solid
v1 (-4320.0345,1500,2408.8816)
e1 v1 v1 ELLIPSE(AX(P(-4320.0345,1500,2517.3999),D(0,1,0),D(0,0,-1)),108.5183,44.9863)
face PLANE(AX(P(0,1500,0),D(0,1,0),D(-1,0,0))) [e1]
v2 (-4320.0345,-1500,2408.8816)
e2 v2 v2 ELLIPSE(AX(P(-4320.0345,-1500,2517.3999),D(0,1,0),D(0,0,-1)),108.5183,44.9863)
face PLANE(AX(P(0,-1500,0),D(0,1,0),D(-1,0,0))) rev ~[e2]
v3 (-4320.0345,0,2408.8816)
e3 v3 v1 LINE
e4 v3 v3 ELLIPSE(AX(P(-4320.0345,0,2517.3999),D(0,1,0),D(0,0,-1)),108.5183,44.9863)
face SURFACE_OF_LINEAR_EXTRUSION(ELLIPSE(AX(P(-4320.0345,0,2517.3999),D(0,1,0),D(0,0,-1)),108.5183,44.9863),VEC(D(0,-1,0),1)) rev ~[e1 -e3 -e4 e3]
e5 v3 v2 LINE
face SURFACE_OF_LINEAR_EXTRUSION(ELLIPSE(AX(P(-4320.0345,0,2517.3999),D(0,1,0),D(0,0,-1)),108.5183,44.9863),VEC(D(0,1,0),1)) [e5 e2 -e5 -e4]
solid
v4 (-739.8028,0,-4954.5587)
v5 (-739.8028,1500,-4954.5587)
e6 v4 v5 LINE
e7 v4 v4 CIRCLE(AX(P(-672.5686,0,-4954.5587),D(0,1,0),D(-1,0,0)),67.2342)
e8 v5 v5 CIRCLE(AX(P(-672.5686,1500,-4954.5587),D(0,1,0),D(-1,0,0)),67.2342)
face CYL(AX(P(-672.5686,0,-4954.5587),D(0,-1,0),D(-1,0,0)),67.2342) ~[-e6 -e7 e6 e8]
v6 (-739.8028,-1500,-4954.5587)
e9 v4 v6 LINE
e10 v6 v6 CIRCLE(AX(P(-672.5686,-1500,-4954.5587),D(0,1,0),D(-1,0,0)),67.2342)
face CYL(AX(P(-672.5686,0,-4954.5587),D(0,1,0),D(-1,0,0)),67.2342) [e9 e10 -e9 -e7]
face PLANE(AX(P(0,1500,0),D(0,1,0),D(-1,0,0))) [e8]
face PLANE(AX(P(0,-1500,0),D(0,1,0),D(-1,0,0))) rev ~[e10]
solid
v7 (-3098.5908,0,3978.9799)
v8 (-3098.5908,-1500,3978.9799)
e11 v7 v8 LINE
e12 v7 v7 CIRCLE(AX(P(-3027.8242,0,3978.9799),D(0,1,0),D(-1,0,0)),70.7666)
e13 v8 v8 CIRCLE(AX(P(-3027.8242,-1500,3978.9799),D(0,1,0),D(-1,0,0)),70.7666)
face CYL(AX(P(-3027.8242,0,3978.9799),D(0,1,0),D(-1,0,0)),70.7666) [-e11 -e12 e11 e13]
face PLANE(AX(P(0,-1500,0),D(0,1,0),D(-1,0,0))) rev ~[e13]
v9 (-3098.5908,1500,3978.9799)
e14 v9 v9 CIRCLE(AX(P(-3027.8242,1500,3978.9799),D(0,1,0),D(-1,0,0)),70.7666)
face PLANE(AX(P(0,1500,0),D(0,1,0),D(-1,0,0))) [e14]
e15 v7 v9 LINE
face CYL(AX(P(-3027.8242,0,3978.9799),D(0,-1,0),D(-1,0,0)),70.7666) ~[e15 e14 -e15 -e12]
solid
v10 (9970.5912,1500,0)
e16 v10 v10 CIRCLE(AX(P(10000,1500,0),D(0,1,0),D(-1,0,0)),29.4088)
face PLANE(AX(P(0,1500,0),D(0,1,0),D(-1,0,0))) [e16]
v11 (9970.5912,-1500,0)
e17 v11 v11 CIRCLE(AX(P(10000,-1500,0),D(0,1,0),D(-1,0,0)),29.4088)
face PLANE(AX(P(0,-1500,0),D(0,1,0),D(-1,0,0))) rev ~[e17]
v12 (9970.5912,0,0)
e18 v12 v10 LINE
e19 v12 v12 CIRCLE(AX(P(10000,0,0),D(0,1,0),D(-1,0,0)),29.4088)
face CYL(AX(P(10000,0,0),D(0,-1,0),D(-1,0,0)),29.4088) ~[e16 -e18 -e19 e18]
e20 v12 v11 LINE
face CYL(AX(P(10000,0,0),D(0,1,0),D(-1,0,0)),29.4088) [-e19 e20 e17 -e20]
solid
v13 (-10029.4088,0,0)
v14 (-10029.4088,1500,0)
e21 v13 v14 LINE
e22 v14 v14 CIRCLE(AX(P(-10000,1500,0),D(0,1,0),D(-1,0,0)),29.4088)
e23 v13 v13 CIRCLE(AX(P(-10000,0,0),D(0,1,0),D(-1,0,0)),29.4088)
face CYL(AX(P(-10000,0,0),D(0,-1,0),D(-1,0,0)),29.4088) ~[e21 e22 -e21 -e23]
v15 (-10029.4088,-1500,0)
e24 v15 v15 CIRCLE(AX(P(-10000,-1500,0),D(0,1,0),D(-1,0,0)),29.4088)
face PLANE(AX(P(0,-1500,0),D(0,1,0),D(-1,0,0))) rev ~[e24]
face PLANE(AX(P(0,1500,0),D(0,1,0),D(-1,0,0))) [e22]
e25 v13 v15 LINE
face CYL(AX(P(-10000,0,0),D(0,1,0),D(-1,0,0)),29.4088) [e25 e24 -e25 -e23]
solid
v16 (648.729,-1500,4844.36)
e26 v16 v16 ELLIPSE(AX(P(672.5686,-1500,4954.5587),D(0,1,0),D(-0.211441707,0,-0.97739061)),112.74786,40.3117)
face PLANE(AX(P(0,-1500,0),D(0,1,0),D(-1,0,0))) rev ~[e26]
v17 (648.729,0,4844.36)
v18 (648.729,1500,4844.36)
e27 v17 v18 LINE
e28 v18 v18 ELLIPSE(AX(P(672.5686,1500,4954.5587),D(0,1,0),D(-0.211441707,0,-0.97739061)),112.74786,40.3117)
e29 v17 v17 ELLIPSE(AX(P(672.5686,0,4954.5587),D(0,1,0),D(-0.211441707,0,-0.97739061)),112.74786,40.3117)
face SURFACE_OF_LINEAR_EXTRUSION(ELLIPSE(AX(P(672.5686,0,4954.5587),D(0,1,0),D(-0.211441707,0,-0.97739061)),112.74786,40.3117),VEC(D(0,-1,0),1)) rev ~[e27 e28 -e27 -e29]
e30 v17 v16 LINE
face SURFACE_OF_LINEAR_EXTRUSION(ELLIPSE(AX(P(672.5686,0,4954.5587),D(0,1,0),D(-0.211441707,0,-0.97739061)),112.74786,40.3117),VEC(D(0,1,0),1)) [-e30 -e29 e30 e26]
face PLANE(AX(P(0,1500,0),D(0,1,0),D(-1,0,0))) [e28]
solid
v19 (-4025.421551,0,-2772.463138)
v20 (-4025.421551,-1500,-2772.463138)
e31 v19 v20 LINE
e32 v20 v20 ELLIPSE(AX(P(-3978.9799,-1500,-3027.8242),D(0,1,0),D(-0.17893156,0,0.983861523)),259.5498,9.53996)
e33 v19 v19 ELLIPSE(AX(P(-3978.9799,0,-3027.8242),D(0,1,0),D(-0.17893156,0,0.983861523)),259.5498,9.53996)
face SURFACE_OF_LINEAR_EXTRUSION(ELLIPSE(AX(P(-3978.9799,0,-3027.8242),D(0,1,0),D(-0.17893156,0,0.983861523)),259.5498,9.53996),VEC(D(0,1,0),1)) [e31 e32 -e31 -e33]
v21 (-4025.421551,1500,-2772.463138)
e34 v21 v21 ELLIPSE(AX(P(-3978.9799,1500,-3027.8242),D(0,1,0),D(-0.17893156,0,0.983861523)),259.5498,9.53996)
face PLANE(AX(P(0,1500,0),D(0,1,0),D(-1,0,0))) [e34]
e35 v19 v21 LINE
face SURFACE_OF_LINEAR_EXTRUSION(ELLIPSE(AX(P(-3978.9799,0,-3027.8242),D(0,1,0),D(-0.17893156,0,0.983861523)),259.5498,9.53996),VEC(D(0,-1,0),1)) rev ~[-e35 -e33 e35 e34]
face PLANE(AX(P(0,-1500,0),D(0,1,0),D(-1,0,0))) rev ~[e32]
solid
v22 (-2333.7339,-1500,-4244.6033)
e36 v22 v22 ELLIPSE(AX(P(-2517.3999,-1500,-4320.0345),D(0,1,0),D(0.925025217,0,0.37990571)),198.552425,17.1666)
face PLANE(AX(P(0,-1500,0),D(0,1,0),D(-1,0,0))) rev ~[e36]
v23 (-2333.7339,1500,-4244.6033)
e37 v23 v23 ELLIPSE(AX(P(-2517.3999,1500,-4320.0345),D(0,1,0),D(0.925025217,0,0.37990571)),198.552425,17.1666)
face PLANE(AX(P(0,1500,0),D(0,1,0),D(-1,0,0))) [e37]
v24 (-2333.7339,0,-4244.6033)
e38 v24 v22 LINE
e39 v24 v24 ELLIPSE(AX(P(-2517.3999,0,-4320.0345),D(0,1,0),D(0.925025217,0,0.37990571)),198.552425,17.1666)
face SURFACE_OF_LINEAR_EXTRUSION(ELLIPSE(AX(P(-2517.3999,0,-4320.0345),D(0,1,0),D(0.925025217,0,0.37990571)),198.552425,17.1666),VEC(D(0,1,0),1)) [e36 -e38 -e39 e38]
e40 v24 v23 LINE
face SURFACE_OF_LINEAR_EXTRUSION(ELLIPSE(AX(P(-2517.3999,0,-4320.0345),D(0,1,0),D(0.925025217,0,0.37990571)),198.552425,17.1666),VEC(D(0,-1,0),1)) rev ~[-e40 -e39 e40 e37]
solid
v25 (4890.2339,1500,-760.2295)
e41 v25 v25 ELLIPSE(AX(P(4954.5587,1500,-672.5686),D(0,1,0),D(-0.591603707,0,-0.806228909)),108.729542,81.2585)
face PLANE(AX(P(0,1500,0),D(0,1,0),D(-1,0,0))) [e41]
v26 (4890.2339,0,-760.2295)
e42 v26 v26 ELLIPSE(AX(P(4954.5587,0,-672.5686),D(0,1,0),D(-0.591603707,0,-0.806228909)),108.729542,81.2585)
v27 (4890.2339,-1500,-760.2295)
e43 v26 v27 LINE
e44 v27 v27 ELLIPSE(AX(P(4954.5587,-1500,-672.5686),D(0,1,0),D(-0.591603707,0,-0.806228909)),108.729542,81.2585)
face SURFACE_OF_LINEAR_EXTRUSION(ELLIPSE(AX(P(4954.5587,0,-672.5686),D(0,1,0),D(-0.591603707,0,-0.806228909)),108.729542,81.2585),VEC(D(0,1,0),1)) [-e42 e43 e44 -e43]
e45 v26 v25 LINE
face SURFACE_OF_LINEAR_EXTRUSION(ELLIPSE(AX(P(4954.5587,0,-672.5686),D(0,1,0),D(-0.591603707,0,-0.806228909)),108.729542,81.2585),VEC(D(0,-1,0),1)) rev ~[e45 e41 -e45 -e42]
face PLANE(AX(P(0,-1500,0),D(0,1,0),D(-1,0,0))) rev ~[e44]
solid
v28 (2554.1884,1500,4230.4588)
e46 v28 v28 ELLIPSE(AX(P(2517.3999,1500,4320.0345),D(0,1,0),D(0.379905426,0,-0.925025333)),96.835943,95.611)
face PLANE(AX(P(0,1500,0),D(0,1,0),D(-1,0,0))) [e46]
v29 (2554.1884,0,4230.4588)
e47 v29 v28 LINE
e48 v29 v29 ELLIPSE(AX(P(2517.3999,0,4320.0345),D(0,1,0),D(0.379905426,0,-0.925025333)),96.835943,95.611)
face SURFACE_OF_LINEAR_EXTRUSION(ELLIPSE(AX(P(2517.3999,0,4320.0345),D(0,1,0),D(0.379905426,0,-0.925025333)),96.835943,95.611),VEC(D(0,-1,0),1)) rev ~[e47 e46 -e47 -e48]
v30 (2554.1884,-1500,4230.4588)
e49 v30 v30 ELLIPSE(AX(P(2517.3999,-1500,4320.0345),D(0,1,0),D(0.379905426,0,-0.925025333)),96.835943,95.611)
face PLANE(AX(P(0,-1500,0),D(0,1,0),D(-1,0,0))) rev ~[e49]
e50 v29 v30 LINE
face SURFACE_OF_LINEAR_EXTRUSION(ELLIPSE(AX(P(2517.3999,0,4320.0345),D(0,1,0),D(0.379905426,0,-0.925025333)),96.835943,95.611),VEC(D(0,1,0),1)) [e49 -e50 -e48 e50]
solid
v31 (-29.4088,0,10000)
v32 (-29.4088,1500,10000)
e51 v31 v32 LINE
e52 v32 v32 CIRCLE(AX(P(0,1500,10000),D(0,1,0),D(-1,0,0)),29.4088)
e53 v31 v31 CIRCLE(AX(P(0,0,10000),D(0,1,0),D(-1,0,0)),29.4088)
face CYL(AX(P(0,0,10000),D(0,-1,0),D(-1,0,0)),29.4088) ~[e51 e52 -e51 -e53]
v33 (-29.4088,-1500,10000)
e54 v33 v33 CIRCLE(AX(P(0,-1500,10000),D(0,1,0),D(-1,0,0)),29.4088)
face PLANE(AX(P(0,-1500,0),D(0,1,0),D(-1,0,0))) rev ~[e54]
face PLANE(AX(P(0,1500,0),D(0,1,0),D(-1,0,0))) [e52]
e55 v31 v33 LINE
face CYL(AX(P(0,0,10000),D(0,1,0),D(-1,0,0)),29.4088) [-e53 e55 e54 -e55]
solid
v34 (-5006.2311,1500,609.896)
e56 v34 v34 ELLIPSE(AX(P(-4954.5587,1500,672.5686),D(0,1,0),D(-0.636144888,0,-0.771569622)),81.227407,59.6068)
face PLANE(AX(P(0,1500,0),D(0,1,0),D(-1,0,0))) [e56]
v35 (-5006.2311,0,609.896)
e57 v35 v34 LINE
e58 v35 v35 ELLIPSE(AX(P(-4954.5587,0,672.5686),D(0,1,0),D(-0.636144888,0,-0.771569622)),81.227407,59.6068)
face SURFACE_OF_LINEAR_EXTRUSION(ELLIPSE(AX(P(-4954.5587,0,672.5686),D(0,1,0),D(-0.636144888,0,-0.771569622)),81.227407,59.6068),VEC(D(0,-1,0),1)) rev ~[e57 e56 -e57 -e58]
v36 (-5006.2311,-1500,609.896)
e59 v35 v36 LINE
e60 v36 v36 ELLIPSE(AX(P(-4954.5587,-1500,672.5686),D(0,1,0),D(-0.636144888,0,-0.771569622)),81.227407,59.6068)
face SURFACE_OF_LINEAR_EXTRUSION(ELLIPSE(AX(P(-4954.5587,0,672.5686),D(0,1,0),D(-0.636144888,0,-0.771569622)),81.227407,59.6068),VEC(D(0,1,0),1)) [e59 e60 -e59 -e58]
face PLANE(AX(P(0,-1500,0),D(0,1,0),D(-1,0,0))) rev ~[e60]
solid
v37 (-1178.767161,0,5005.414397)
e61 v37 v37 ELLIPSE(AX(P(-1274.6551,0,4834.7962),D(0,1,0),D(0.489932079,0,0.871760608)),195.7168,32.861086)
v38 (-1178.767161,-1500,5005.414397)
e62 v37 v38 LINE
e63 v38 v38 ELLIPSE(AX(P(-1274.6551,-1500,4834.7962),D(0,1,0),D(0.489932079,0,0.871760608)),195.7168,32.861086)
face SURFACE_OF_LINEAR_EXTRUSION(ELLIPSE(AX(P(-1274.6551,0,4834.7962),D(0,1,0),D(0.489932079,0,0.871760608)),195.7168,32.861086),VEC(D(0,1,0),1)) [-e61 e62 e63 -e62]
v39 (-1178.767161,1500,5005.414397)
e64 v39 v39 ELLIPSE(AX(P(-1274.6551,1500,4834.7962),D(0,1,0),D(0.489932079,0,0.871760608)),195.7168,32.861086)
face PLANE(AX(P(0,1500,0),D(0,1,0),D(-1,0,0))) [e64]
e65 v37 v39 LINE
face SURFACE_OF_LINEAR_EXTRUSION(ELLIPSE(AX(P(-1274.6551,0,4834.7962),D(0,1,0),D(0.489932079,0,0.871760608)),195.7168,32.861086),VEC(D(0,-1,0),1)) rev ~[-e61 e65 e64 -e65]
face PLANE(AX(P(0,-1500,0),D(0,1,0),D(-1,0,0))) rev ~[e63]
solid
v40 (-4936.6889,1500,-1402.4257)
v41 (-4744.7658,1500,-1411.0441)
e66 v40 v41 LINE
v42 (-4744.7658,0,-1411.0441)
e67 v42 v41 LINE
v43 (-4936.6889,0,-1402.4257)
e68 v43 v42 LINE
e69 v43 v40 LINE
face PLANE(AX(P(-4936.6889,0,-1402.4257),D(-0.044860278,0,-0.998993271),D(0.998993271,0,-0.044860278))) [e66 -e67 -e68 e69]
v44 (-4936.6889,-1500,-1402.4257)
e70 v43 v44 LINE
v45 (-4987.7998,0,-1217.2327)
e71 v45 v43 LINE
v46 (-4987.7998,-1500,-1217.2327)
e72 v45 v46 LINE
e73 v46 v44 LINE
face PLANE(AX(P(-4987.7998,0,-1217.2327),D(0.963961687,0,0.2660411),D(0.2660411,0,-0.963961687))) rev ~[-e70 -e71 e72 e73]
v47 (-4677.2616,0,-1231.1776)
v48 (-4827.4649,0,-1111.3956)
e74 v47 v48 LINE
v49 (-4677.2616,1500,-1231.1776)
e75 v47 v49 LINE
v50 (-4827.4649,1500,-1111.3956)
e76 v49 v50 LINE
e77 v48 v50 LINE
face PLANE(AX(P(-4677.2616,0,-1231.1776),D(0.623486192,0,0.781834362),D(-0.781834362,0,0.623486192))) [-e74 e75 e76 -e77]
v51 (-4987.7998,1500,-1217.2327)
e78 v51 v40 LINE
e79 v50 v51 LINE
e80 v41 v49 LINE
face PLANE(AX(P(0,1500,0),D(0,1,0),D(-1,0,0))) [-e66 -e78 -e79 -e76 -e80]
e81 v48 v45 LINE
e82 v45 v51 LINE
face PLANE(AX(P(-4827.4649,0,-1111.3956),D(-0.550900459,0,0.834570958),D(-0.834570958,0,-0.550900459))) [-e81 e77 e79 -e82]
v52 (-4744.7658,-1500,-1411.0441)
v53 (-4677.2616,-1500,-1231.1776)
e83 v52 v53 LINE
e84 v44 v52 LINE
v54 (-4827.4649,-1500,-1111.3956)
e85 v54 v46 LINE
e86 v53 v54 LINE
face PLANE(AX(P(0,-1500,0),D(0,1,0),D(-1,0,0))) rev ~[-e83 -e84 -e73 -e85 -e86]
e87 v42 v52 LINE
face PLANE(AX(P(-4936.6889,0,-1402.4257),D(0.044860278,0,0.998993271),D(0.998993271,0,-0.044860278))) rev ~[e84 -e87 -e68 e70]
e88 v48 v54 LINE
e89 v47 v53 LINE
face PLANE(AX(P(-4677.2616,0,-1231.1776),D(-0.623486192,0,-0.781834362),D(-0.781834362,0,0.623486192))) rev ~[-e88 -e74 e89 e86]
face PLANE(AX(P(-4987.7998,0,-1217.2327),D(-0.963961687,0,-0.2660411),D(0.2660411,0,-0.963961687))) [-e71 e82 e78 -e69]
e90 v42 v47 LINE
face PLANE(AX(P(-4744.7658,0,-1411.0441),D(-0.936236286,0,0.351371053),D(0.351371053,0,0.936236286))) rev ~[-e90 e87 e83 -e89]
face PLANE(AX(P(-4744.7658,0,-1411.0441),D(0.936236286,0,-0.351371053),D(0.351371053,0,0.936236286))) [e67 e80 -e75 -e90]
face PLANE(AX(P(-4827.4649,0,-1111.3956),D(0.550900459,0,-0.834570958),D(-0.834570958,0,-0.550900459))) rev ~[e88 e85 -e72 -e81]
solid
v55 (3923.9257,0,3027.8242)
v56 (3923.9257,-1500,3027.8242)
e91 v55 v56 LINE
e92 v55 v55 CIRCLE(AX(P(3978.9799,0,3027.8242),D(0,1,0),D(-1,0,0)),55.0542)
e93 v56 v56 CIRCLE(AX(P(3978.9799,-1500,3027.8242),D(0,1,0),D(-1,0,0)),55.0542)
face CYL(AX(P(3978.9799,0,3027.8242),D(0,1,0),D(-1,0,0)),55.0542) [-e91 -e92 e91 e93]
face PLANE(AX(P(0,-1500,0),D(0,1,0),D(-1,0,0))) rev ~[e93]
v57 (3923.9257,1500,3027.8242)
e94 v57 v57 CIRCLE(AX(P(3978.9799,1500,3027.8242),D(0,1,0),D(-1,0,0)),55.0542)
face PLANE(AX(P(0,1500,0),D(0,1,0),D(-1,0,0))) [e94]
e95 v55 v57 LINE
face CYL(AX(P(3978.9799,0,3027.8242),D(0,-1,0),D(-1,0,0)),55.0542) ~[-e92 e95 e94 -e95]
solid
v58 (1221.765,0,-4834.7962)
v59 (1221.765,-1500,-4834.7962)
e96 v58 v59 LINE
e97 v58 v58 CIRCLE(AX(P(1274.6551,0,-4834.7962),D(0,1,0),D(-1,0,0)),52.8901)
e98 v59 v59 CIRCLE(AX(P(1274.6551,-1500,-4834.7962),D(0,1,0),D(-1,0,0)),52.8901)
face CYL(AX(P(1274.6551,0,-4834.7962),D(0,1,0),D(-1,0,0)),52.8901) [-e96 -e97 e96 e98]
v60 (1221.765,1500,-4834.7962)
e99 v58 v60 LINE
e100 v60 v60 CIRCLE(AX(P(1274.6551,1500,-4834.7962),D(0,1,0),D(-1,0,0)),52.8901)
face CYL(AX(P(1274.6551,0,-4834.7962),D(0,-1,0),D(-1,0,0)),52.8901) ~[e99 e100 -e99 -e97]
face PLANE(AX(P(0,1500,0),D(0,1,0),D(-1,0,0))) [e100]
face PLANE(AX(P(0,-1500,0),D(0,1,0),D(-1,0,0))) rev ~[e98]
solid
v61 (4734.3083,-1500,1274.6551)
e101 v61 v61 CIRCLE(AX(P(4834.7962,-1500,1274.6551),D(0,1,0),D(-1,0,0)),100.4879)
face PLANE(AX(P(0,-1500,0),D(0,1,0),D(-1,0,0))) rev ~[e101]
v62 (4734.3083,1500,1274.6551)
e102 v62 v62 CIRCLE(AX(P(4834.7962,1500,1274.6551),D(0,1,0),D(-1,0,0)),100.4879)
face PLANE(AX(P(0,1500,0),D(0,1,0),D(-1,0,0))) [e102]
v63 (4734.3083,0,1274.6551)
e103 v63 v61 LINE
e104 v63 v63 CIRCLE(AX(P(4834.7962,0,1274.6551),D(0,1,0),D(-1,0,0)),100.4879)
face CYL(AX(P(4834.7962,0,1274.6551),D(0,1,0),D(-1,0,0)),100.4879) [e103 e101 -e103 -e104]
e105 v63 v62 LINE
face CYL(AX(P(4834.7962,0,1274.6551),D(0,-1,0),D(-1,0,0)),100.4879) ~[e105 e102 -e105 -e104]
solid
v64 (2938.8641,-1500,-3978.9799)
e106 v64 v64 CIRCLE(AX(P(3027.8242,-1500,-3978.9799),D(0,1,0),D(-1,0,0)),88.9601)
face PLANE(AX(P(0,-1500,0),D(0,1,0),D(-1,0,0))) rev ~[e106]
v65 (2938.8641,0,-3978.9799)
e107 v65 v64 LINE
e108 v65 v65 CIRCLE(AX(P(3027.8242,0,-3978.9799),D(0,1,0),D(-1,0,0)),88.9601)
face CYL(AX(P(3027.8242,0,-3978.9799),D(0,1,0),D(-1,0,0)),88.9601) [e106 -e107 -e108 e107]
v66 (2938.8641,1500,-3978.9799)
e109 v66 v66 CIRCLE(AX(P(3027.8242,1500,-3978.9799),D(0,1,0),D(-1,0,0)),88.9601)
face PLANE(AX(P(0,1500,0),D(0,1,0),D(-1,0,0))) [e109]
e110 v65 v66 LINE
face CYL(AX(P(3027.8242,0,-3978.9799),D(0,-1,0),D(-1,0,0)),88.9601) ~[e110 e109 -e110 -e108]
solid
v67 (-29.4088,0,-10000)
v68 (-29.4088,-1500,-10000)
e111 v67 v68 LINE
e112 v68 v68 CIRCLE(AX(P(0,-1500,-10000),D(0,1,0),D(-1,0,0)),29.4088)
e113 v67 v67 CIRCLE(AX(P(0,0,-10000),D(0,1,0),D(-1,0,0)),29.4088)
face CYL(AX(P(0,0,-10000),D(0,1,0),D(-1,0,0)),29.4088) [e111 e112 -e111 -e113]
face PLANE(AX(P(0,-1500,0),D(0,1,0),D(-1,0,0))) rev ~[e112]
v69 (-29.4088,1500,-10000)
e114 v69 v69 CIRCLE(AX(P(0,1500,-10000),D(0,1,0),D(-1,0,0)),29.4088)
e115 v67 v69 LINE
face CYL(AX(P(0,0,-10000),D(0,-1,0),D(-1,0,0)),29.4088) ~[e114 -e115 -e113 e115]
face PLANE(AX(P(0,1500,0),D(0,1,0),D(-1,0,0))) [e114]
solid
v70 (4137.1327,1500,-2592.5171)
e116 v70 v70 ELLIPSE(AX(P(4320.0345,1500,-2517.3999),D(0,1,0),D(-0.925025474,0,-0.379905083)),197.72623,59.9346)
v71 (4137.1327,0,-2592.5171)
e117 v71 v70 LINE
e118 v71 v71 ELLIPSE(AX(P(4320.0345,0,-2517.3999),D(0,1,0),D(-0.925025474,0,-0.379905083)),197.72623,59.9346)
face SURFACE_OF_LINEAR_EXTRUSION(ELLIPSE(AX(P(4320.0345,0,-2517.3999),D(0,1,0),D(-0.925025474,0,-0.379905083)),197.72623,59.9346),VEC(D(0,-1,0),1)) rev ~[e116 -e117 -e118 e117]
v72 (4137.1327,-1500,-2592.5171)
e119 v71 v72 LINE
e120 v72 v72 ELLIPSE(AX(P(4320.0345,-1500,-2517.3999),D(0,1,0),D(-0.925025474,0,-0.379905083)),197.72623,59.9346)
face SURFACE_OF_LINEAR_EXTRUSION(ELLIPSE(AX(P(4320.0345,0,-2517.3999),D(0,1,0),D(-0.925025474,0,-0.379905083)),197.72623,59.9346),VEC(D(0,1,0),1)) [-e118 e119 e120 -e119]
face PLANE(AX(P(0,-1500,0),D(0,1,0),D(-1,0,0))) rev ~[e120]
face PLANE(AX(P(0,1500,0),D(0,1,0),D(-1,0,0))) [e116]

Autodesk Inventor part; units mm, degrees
ref_plane "YZ Plane" through (0, 0, 0) normal (1, 0, 0) x (0, 1, 0)
ref_plane "XZ Plane" through (0, 0, 0) normal (0, 1, 0) x (-1, 0, 0)
ref_plane "XY Plane" through (0, 0, 0) normal (0, 0, 1) x (1, 0, 0)
sketch "Sketch1" plane through (0, 0, 0) normal (0, 1, 0) x (-1, 0, 0)
  circle A0 centre (0, 0) radius 5000 construction
  circle A1 centre (0, 0) radius 5000 construction
  circle A2 centre (0, 0) radius 5000 construction
  circle A3 centre (0, 0) radius 5000 construction
  circle A4 centre (0, 0) radius 5000 construction
  circle A5 centre (0, 0) radius 5000 construction
  circle A6 centre (0, 0) radius 5000 construction
  circle A7 centre (0, 0) radius 5000 construction
  circle A8 centre (0, 0) radius 5000 construction
  circle A9 centre (0, 0) radius 5000 construction
  circle A10 centre (0, 0) radius 5000 construction
  circle A11 centre (0, 0) radius 5000 construction
  circle A12 centre (0, 0) radius 5000 construction
  circle A13 centre (0, 0) radius 5000 construction
  circle A14 centre (0, 0) radius 5000 construction
  circle A15 centre (0, 0) radius 5000 construction
  ellipse E0 centre (4954.5587, 672.5686) end of major axis (5006.2311, 609.896) minor radius 59.6068
  ellipse E1 centre (2517.3999, -4320.0345) end of major axis (2333.7339, -4244.6033) minor radius 17.1666
  ellipse E2 centre (1274.6551, 4834.7962) end of major axis (1303.3021, 4850.8959) minor radius 195.7168
  ellipse E3 centre (-4320.0345, -2517.3999) end of major axis (-4137.1327, -2592.5171) minor radius 59.9346
  ellipse E4 centre (-2517.3999, 4320.0345) end of major axis (-2554.1884, 4230.4588) minor radius 95.611
  ellipse E5 centre (4320.0345, 2517.3999) end of major axis (4275.0482, 2517.3999) minor radius 108.5183
  ellipse E6 centre (3978.9799, -3027.8242) end of major axis (3988.3659, -3029.5312) minor radius 259.5498
  line L0 (4827.4649, -1111.3956) -> (4987.7998, -1217.2327)
  line L1 (4987.7998, -1217.2327) -> (4936.6889, -1402.4257)
  line L2 (4936.6889, -1402.4257) -> (4744.7658, -1411.0441)
  line L3 (4744.7658, -1411.0441) -> (4677.2616, -1231.1776)
  line L4 (4677.2616, -1231.1776) -> (4827.4649, -1111.3956)
  ellipse E7 centre (-4954.5587, -672.5686) end of major axis (-4890.2339, -760.2295) minor radius 81.2585
  circle A16 centre (10000, 0) radius 29.4088
  circle A17 centre (0, 10000) radius 29.4088
  circle A18 centre (-10000, 0) radius 29.4088
  circle A19 centre (0, -10000) radius 29.4088
  circle A20 centre (3027.8242, 3978.9799) radius 70.7666
  circle A21 centre (-3978.9799, 3027.8242) radius 55.0542
  circle A22 centre (672.5686, -4954.5587) radius 67.2342
  circle A23 centre (-1274.6551, -4834.7962) radius 52.8901
  circle A24 centre (-3027.8242, -3978.9799) radius 88.9601
  circle A25 centre (-4834.7962, 1274.6551) radius 100.4879
  ellipse E8 centre (-672.5686, 4954.5587) end of major axis (-648.729, 4844.36) minor radius 40.3117
  point P0 (4834.7962, -1274.6551)
  point P1 (4834.7962, -1274.6551)
  dimension "d0" = 10000
  dimension "d3" = 360
  dimension "d7" = 10000
  dimension "d10" = 360
extrude "Extrusion1" add sketch "Sketch1" along normal mid plane 3000
properties part number "simple_ring5"
